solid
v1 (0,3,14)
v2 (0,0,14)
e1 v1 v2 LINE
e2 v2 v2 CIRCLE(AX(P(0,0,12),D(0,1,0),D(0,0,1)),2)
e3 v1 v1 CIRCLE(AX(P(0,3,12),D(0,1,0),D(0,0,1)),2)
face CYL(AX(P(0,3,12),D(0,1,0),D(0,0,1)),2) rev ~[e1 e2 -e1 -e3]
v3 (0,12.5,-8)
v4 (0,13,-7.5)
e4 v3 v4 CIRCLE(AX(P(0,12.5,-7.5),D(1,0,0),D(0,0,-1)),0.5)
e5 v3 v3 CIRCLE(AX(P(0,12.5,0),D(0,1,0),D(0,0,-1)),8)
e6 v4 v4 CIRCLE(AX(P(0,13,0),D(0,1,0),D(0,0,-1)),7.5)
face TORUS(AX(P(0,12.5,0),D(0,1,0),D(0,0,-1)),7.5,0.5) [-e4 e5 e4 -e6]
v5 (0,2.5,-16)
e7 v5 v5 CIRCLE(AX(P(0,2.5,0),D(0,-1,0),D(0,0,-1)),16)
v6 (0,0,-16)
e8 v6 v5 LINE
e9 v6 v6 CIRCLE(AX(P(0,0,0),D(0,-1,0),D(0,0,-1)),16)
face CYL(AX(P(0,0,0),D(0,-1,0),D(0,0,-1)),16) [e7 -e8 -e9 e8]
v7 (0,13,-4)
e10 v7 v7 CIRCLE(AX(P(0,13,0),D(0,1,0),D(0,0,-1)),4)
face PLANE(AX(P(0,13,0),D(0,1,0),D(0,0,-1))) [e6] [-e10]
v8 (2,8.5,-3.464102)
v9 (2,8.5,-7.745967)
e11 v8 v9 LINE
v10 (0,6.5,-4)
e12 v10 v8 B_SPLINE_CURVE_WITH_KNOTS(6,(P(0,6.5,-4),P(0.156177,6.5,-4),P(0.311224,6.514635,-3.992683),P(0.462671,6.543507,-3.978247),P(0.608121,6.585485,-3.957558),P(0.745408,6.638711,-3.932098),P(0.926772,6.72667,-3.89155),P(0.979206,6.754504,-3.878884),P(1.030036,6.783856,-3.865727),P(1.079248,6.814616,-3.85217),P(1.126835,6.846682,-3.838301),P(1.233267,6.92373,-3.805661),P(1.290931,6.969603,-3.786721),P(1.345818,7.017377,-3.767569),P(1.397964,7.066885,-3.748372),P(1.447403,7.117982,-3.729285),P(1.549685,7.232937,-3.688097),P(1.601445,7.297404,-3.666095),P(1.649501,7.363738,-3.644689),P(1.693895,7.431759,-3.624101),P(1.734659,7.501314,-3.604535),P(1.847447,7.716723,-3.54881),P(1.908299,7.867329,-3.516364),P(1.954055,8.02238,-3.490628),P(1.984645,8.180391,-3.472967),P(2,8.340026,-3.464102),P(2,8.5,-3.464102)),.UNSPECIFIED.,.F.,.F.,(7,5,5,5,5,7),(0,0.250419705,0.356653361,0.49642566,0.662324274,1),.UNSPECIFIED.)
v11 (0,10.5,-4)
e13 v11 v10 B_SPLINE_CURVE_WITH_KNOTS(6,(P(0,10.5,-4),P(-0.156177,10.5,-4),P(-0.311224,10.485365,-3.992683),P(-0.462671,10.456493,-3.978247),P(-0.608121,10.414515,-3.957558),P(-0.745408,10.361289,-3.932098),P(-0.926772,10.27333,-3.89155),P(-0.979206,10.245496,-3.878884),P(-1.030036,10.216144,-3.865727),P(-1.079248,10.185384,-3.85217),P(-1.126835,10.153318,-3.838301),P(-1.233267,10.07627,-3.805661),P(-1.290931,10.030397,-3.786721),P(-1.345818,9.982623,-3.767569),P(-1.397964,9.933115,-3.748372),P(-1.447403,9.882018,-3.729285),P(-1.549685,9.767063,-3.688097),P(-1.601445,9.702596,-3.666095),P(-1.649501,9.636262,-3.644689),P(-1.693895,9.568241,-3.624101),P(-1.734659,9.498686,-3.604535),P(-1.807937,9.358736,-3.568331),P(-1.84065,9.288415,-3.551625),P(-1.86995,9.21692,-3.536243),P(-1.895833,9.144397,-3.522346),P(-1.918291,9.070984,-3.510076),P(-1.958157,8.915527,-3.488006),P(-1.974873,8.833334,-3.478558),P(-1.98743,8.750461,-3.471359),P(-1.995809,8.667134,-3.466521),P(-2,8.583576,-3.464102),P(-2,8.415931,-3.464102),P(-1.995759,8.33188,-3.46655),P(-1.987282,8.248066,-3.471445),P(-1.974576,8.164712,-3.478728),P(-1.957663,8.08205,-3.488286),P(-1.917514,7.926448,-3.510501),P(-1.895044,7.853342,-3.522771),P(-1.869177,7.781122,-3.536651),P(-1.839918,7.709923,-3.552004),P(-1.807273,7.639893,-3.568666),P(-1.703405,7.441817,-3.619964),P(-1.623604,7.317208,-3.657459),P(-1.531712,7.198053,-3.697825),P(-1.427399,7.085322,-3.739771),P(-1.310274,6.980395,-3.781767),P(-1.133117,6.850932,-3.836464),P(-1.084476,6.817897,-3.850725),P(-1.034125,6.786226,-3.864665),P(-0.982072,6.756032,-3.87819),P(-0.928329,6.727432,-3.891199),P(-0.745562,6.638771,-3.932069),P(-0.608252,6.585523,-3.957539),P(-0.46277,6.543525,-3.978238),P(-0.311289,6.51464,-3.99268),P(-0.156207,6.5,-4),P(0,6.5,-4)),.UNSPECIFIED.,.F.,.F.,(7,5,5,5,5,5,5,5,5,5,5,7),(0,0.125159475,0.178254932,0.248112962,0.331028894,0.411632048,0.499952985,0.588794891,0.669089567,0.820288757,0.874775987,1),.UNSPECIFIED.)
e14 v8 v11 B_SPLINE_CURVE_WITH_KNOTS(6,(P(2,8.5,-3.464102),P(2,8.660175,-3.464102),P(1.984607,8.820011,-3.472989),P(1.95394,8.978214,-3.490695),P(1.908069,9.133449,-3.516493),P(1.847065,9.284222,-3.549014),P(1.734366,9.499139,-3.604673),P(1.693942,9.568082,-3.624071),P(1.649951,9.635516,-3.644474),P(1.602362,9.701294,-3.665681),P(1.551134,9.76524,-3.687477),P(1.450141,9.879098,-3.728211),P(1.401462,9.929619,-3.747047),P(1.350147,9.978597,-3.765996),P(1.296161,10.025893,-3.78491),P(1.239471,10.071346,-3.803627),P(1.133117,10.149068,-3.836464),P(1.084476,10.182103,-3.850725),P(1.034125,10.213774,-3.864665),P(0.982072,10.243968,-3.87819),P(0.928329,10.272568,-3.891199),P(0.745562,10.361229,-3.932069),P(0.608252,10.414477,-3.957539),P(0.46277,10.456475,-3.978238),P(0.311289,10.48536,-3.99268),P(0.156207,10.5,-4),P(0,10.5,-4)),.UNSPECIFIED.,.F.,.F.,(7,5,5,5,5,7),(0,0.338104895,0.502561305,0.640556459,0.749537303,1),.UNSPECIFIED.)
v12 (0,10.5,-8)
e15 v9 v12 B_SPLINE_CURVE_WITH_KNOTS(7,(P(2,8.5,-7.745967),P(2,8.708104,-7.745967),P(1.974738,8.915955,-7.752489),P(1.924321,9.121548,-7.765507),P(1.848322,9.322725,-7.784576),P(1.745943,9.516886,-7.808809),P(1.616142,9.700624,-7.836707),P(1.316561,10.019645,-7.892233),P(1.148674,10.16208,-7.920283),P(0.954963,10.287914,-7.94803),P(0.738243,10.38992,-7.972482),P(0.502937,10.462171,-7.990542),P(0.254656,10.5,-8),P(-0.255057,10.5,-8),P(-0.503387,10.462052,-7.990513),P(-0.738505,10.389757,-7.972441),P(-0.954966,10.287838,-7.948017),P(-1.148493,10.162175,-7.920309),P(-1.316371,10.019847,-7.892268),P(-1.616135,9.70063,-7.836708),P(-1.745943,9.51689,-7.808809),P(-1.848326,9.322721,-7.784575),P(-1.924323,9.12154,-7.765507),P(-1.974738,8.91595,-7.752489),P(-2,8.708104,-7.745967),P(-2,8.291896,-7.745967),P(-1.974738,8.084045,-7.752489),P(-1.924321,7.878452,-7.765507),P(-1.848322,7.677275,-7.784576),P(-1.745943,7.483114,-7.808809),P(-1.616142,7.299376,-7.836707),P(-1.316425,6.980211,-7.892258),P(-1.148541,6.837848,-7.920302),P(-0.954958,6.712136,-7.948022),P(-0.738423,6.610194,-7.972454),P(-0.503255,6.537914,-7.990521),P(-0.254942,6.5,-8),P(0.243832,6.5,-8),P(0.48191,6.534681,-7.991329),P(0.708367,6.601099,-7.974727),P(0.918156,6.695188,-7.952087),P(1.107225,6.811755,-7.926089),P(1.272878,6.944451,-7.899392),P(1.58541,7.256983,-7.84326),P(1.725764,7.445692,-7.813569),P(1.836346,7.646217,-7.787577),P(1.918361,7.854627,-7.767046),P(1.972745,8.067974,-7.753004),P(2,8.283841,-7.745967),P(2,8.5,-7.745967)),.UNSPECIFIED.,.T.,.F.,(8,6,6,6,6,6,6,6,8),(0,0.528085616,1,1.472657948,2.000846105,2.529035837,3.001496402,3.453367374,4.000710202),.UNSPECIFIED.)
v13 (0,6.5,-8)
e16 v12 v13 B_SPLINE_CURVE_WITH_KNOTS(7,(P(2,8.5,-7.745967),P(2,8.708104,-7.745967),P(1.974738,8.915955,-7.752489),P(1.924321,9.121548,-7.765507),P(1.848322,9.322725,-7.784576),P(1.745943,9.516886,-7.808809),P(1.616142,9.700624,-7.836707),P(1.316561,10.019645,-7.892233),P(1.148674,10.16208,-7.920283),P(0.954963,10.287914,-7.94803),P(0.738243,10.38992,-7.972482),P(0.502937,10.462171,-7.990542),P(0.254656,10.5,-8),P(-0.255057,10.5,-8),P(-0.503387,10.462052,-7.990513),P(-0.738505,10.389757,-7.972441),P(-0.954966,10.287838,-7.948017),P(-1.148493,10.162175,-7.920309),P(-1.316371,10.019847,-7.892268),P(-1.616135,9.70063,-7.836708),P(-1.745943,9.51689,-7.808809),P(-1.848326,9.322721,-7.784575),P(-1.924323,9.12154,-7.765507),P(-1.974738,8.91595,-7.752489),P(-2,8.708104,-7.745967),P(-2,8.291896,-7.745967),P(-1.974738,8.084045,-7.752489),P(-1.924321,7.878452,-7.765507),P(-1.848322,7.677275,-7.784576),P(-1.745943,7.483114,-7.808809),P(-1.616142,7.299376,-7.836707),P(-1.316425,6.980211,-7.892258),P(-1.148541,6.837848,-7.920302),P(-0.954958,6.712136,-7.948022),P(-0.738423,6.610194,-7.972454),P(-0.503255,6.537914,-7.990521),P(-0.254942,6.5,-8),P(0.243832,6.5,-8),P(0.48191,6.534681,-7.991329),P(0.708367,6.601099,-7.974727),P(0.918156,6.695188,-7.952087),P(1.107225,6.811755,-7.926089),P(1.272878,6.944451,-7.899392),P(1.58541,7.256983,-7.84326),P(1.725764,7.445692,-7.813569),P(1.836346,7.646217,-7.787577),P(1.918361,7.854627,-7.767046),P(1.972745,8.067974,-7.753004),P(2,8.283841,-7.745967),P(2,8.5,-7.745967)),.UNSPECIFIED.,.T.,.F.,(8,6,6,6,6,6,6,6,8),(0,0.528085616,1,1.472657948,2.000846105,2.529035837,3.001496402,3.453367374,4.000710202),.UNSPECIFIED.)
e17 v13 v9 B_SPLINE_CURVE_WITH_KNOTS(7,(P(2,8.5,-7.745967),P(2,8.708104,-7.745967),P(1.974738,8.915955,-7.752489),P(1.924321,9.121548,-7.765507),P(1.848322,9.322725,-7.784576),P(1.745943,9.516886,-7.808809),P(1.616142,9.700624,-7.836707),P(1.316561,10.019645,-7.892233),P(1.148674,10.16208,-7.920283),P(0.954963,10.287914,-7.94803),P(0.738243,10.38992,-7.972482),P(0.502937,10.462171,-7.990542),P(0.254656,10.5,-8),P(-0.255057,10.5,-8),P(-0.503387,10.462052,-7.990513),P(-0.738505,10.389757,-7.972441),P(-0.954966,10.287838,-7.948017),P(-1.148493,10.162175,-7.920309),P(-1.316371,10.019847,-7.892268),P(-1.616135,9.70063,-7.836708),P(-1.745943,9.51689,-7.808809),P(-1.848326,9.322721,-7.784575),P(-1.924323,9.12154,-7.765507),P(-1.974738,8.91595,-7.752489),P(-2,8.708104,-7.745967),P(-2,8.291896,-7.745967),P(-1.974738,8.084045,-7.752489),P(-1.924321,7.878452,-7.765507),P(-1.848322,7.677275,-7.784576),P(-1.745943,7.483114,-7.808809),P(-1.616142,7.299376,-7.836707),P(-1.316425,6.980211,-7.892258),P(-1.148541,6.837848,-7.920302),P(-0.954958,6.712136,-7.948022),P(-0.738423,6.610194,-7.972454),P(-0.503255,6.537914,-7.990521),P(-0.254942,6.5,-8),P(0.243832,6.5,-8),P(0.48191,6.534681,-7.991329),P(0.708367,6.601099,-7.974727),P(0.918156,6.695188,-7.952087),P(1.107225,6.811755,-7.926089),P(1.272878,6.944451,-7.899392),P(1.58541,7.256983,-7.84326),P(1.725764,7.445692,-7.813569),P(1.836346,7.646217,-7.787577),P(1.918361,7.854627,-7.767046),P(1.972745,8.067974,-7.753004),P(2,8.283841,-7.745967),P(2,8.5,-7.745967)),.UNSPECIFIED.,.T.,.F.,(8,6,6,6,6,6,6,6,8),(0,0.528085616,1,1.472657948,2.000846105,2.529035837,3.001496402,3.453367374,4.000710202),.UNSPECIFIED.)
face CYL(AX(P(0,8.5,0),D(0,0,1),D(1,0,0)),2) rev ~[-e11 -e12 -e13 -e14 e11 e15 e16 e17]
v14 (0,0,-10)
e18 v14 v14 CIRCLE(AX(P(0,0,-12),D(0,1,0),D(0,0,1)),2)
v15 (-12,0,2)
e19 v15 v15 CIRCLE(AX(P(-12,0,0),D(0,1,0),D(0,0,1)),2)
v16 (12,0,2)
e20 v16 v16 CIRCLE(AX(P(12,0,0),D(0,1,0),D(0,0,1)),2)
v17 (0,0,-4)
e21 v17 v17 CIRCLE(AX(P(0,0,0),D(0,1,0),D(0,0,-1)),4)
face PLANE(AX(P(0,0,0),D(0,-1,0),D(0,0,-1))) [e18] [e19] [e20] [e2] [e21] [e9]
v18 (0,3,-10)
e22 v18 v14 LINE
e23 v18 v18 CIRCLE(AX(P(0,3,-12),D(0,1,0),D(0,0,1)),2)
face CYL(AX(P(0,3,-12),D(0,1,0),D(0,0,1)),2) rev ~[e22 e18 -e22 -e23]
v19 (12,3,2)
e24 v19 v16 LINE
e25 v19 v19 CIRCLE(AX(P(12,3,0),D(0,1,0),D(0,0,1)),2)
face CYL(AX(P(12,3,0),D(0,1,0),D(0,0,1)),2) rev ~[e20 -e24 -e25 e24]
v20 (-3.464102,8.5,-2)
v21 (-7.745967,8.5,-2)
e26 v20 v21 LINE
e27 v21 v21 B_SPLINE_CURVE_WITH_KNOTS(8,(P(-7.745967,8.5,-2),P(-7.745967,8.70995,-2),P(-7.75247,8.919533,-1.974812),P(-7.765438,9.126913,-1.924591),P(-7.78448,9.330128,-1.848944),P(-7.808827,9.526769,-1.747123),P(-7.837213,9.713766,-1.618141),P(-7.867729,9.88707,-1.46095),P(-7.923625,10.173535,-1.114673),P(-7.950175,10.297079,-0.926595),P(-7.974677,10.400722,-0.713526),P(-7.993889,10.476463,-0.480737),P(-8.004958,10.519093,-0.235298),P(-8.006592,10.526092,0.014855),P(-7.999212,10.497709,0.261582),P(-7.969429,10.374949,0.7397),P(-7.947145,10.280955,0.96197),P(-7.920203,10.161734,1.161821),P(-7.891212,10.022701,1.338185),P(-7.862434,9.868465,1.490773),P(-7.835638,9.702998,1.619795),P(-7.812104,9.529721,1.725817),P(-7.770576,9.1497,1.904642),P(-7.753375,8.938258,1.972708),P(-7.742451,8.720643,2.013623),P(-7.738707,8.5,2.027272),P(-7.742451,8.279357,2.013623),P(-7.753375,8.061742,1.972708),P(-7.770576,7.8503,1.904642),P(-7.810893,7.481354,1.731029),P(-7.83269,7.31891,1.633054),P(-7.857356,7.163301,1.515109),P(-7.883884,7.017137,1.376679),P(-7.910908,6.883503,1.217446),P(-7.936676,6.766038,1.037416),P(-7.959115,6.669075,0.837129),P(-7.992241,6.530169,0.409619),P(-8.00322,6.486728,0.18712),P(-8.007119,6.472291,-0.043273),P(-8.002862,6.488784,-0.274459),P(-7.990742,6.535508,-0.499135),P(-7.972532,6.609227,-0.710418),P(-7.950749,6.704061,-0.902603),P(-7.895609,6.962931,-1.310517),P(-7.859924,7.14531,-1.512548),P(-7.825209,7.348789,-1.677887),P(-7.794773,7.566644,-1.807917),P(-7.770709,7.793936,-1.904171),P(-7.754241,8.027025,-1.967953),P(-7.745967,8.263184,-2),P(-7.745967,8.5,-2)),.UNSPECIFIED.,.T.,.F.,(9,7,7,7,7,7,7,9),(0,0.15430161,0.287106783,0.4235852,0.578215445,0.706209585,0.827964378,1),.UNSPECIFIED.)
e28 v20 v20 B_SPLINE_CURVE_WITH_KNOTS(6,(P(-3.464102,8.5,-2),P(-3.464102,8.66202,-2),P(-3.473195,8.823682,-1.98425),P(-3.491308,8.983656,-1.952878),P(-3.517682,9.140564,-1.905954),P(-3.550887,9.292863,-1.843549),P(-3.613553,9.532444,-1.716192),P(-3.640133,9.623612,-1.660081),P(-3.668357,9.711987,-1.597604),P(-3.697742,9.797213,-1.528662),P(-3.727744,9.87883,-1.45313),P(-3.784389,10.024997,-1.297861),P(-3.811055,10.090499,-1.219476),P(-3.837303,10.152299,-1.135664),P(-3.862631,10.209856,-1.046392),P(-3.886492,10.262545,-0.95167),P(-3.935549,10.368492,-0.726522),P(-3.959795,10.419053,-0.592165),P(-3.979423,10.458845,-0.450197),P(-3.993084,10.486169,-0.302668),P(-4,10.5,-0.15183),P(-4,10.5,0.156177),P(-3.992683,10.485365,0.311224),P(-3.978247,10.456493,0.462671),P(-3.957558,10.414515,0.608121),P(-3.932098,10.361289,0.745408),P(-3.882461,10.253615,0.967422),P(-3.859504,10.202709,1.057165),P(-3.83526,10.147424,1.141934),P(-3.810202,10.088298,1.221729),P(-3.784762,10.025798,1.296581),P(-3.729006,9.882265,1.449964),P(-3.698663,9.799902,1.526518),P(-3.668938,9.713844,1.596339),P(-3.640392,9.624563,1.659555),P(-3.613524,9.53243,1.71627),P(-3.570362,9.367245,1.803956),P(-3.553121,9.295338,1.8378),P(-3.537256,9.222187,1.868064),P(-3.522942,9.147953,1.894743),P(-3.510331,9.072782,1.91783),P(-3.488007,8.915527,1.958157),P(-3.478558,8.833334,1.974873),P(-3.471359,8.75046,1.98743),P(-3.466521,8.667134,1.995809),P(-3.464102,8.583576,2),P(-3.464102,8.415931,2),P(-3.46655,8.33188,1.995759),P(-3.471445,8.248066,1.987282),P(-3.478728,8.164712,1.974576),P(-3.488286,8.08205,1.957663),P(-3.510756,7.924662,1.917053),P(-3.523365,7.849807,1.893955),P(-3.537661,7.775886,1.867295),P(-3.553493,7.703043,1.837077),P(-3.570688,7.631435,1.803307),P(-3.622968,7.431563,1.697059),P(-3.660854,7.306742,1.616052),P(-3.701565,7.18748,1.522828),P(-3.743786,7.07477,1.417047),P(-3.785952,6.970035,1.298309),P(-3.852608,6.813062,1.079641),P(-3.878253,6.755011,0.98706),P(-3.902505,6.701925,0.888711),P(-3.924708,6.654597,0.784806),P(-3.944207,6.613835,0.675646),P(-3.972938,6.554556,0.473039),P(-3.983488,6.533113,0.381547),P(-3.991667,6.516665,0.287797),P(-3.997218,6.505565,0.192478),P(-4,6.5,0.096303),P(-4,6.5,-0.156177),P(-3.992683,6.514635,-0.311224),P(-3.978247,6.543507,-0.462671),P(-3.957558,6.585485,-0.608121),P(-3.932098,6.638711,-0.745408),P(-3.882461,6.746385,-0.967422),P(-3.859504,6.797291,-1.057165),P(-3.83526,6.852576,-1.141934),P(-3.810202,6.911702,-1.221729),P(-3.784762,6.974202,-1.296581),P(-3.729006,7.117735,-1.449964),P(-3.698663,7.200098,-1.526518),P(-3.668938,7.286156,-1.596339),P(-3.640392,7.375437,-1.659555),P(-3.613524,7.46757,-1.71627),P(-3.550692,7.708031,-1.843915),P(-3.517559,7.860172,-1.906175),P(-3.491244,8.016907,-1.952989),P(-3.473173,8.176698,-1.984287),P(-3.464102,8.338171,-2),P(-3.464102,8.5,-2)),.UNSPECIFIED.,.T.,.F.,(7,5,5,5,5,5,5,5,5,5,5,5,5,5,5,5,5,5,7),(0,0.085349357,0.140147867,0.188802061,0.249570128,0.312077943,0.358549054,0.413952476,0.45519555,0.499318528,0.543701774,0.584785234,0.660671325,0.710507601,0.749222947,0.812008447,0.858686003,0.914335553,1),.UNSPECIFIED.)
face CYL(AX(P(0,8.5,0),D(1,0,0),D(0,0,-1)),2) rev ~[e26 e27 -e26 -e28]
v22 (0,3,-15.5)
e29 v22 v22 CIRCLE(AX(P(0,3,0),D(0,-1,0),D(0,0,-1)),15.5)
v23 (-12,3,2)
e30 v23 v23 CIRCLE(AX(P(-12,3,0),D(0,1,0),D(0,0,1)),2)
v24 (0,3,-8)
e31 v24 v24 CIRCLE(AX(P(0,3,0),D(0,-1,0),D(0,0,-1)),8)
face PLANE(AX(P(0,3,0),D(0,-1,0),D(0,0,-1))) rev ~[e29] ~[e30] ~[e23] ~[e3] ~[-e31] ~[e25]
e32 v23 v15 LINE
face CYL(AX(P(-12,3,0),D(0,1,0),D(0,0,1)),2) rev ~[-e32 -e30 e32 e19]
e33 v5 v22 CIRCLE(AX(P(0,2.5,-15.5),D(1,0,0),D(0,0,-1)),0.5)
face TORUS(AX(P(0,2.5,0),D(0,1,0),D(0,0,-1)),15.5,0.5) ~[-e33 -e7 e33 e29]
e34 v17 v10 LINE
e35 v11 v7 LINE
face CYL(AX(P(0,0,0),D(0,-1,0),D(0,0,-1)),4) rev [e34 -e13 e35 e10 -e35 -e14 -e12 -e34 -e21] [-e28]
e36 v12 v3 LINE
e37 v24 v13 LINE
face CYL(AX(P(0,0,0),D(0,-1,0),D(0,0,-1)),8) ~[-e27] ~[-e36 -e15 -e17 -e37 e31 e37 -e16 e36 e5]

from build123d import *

# Parameters (mm, degrees)
SKETCH1_R               = 8
SKETCH1_R_2             = 4
BOSS_EXTRUDE1_DEPTH     = 13
CUT_EXTRUDE1_REACH      = 19.234
CUT_EXTRUDE1_END_RADIUS = 8
SKETCH2_R               = 2
CUT_EXTRUDE2_REACH      = 19.234
CUT_EXTRUDE2_END_RADIUS = 8
SKETCH3_R               = 2
SKETCH4_R               = 16
SKETCH4_R_2             = 4
BOSS_EXTRUDE2_DEPTH     = 3
CUT_EXTRUDE3_REACH      = 26.739
SKETCH5_R               = 2
FILLET1_R               = 0.5


with BuildPart() as part:
    # Sketch1 → Boss-Extrude1 (new body)
    with BuildSketch(Plane(origin=(0, 0, 0), x_dir=(1, 0, 0), z_dir=(0, 1, 0))):
        with Locations(Location((0, 0, 0), (0, 0, 90))):
            Circle(SKETCH1_R)
        with Locations(Location((0, 0, 0), (0, 0, 90))):
            Circle(SKETCH1_R_2, mode=Mode.SUBTRACT)
    extrude(amount=BOSS_EXTRUDE1_DEPTH)

    # Cut-Extrude1: up to this cylinder (the profile starts inside it)
    cut_extrude1_end = Plane(origin=(0, 8.5, 0), z_dir=(0, -1, 0)) * Cylinder(CUT_EXTRUDE1_END_RADIUS, 55.468, mode=Mode.PRIVATE)
    # Sketch2 → Cut-Extrude1 (cut, up to the surface)
    with BuildSketch(Plane.XY, mode=Mode.PRIVATE) as cut_extrude1_sk1:
        with Locations((0, 8.5)):
            Circle(SKETCH2_R)
    cut_extrude1_tool1 = extrude(cut_extrude1_sk1.sketch, amount=-CUT_EXTRUDE1_REACH, mode=Mode.PRIVATE) & cut_extrude1_end
    add(cut_extrude1_tool1.solids().sort_by_distance((0, 8.5, 0))[0], mode=Mode.SUBTRACT)

    # Cut-Extrude2: up to this cylinder (the profile starts inside it)
    cut_extrude2_end = Plane(origin=(0, 8.5, 0), z_dir=(0, -1, 0)) * Cylinder(CUT_EXTRUDE2_END_RADIUS, 55.468, mode=Mode.PRIVATE)
    # Sketch3 → Cut-Extrude2 (cut, up to the surface)
    with BuildSketch(Plane(origin=(0, 0, 0), x_dir=(0, 0, -1), z_dir=(1, 0, 0)), mode=Mode.PRIVATE) as cut_extrude2_sk1:
        with Locations((0, 8.5)):
            Circle(SKETCH3_R)
    cut_extrude2_tool1 = extrude(cut_extrude2_sk1.sketch, amount=-CUT_EXTRUDE2_REACH, mode=Mode.PRIVATE) & cut_extrude2_end
    add(cut_extrude2_tool1.solids().sort_by_distance((0, 8.5, 0))[0], mode=Mode.SUBTRACT)

    # Sketch4 → Boss-Extrude2 (add)
    with BuildSketch(Plane.XZ):
        with Locations(Location((0, 0, 0), (0, 0, 270))):
            Circle(SKETCH4_R)
        with Locations(Location((0, 0, 0), (0, 0, 90))):
            Circle(SKETCH4_R_2, mode=Mode.SUBTRACT)
    extrude(amount=-BOSS_EXTRUDE2_DEPTH)

    # Sketch5 → Cut-Extrude3 (cut, up to next)
    with BuildSketch(Plane(origin=(0, 3, 0), x_dir=(1, 0, 0), z_dir=(0, 1, 0)), mode=Mode.PRIVATE) as cut_extrude3_sk1:
        with Locations(Location((-12, 0, 0), (0, 0, 270))):
            Circle(SKETCH5_R)
    cut_extrude3_tool1 = extrude(cut_extrude3_sk1.sketch, amount=-CUT_EXTRUDE3_REACH, mode=Mode.PRIVATE) & part.part
    # Sketch5 → Cut-Extrude3 (cut, up to next)
    with BuildSketch(Plane(origin=(0, 3, 0), x_dir=(1, 0, 0), z_dir=(0, 1, 0)), mode=Mode.PRIVATE) as cut_extrude3_sk2:
        with Locations(Location((0, 12, 0), (0, 0, 270))):
            Circle(SKETCH5_R)
    cut_extrude3_tool2 = extrude(cut_extrude3_sk2.sketch, amount=-CUT_EXTRUDE3_REACH, mode=Mode.PRIVATE) & part.part
    # Sketch5 → Cut-Extrude3 (cut, up to next)
    with BuildSketch(Plane(origin=(0, 3, 0), x_dir=(1, 0, 0), z_dir=(0, 1, 0)), mode=Mode.PRIVATE) as cut_extrude3_sk3:
        with Locations(Location((12, 0, 0), (0, 0, 270))):
            Circle(SKETCH5_R)
    cut_extrude3_tool3 = extrude(cut_extrude3_sk3.sketch, amount=-CUT_EXTRUDE3_REACH, mode=Mode.PRIVATE) & part.part
    # Sketch5 → Cut-Extrude3 (cut, up to next)
    with BuildSketch(Plane(origin=(0, 3, 0), x_dir=(1, 0, 0), z_dir=(0, 1, 0)), mode=Mode.PRIVATE) as cut_extrude3_sk4:
        with Locations(Location((0, -12, 0), (0, 0, 270))):
            Circle(SKETCH5_R)
    cut_extrude3_tool4 = extrude(cut_extrude3_sk4.sketch, amount=-CUT_EXTRUDE3_REACH, mode=Mode.PRIVATE) & part.part
    add(cut_extrude3_tool1.solids().sort_by_distance((-12, 3, 0))[0], mode=Mode.SUBTRACT)
    add(cut_extrude3_tool2.solids().sort_by_distance((0, 3, -12))[0], mode=Mode.SUBTRACT)
    add(cut_extrude3_tool3.solids().sort_by_distance((12, 3, 0))[0], mode=Mode.SUBTRACT)
    add(cut_extrude3_tool4.solids().sort_by_distance((0, 3, 12))[0], mode=Mode.SUBTRACT)

    # Fillet1
    fillet1_edges = [part.edges().sort_by_distance(p)[0] for p in [
        (0, 3, 16),
        (0, 13, 8),
    ]]
    fillet(fillet1_edges, radius=FILLET1_R)


solid = part.part
